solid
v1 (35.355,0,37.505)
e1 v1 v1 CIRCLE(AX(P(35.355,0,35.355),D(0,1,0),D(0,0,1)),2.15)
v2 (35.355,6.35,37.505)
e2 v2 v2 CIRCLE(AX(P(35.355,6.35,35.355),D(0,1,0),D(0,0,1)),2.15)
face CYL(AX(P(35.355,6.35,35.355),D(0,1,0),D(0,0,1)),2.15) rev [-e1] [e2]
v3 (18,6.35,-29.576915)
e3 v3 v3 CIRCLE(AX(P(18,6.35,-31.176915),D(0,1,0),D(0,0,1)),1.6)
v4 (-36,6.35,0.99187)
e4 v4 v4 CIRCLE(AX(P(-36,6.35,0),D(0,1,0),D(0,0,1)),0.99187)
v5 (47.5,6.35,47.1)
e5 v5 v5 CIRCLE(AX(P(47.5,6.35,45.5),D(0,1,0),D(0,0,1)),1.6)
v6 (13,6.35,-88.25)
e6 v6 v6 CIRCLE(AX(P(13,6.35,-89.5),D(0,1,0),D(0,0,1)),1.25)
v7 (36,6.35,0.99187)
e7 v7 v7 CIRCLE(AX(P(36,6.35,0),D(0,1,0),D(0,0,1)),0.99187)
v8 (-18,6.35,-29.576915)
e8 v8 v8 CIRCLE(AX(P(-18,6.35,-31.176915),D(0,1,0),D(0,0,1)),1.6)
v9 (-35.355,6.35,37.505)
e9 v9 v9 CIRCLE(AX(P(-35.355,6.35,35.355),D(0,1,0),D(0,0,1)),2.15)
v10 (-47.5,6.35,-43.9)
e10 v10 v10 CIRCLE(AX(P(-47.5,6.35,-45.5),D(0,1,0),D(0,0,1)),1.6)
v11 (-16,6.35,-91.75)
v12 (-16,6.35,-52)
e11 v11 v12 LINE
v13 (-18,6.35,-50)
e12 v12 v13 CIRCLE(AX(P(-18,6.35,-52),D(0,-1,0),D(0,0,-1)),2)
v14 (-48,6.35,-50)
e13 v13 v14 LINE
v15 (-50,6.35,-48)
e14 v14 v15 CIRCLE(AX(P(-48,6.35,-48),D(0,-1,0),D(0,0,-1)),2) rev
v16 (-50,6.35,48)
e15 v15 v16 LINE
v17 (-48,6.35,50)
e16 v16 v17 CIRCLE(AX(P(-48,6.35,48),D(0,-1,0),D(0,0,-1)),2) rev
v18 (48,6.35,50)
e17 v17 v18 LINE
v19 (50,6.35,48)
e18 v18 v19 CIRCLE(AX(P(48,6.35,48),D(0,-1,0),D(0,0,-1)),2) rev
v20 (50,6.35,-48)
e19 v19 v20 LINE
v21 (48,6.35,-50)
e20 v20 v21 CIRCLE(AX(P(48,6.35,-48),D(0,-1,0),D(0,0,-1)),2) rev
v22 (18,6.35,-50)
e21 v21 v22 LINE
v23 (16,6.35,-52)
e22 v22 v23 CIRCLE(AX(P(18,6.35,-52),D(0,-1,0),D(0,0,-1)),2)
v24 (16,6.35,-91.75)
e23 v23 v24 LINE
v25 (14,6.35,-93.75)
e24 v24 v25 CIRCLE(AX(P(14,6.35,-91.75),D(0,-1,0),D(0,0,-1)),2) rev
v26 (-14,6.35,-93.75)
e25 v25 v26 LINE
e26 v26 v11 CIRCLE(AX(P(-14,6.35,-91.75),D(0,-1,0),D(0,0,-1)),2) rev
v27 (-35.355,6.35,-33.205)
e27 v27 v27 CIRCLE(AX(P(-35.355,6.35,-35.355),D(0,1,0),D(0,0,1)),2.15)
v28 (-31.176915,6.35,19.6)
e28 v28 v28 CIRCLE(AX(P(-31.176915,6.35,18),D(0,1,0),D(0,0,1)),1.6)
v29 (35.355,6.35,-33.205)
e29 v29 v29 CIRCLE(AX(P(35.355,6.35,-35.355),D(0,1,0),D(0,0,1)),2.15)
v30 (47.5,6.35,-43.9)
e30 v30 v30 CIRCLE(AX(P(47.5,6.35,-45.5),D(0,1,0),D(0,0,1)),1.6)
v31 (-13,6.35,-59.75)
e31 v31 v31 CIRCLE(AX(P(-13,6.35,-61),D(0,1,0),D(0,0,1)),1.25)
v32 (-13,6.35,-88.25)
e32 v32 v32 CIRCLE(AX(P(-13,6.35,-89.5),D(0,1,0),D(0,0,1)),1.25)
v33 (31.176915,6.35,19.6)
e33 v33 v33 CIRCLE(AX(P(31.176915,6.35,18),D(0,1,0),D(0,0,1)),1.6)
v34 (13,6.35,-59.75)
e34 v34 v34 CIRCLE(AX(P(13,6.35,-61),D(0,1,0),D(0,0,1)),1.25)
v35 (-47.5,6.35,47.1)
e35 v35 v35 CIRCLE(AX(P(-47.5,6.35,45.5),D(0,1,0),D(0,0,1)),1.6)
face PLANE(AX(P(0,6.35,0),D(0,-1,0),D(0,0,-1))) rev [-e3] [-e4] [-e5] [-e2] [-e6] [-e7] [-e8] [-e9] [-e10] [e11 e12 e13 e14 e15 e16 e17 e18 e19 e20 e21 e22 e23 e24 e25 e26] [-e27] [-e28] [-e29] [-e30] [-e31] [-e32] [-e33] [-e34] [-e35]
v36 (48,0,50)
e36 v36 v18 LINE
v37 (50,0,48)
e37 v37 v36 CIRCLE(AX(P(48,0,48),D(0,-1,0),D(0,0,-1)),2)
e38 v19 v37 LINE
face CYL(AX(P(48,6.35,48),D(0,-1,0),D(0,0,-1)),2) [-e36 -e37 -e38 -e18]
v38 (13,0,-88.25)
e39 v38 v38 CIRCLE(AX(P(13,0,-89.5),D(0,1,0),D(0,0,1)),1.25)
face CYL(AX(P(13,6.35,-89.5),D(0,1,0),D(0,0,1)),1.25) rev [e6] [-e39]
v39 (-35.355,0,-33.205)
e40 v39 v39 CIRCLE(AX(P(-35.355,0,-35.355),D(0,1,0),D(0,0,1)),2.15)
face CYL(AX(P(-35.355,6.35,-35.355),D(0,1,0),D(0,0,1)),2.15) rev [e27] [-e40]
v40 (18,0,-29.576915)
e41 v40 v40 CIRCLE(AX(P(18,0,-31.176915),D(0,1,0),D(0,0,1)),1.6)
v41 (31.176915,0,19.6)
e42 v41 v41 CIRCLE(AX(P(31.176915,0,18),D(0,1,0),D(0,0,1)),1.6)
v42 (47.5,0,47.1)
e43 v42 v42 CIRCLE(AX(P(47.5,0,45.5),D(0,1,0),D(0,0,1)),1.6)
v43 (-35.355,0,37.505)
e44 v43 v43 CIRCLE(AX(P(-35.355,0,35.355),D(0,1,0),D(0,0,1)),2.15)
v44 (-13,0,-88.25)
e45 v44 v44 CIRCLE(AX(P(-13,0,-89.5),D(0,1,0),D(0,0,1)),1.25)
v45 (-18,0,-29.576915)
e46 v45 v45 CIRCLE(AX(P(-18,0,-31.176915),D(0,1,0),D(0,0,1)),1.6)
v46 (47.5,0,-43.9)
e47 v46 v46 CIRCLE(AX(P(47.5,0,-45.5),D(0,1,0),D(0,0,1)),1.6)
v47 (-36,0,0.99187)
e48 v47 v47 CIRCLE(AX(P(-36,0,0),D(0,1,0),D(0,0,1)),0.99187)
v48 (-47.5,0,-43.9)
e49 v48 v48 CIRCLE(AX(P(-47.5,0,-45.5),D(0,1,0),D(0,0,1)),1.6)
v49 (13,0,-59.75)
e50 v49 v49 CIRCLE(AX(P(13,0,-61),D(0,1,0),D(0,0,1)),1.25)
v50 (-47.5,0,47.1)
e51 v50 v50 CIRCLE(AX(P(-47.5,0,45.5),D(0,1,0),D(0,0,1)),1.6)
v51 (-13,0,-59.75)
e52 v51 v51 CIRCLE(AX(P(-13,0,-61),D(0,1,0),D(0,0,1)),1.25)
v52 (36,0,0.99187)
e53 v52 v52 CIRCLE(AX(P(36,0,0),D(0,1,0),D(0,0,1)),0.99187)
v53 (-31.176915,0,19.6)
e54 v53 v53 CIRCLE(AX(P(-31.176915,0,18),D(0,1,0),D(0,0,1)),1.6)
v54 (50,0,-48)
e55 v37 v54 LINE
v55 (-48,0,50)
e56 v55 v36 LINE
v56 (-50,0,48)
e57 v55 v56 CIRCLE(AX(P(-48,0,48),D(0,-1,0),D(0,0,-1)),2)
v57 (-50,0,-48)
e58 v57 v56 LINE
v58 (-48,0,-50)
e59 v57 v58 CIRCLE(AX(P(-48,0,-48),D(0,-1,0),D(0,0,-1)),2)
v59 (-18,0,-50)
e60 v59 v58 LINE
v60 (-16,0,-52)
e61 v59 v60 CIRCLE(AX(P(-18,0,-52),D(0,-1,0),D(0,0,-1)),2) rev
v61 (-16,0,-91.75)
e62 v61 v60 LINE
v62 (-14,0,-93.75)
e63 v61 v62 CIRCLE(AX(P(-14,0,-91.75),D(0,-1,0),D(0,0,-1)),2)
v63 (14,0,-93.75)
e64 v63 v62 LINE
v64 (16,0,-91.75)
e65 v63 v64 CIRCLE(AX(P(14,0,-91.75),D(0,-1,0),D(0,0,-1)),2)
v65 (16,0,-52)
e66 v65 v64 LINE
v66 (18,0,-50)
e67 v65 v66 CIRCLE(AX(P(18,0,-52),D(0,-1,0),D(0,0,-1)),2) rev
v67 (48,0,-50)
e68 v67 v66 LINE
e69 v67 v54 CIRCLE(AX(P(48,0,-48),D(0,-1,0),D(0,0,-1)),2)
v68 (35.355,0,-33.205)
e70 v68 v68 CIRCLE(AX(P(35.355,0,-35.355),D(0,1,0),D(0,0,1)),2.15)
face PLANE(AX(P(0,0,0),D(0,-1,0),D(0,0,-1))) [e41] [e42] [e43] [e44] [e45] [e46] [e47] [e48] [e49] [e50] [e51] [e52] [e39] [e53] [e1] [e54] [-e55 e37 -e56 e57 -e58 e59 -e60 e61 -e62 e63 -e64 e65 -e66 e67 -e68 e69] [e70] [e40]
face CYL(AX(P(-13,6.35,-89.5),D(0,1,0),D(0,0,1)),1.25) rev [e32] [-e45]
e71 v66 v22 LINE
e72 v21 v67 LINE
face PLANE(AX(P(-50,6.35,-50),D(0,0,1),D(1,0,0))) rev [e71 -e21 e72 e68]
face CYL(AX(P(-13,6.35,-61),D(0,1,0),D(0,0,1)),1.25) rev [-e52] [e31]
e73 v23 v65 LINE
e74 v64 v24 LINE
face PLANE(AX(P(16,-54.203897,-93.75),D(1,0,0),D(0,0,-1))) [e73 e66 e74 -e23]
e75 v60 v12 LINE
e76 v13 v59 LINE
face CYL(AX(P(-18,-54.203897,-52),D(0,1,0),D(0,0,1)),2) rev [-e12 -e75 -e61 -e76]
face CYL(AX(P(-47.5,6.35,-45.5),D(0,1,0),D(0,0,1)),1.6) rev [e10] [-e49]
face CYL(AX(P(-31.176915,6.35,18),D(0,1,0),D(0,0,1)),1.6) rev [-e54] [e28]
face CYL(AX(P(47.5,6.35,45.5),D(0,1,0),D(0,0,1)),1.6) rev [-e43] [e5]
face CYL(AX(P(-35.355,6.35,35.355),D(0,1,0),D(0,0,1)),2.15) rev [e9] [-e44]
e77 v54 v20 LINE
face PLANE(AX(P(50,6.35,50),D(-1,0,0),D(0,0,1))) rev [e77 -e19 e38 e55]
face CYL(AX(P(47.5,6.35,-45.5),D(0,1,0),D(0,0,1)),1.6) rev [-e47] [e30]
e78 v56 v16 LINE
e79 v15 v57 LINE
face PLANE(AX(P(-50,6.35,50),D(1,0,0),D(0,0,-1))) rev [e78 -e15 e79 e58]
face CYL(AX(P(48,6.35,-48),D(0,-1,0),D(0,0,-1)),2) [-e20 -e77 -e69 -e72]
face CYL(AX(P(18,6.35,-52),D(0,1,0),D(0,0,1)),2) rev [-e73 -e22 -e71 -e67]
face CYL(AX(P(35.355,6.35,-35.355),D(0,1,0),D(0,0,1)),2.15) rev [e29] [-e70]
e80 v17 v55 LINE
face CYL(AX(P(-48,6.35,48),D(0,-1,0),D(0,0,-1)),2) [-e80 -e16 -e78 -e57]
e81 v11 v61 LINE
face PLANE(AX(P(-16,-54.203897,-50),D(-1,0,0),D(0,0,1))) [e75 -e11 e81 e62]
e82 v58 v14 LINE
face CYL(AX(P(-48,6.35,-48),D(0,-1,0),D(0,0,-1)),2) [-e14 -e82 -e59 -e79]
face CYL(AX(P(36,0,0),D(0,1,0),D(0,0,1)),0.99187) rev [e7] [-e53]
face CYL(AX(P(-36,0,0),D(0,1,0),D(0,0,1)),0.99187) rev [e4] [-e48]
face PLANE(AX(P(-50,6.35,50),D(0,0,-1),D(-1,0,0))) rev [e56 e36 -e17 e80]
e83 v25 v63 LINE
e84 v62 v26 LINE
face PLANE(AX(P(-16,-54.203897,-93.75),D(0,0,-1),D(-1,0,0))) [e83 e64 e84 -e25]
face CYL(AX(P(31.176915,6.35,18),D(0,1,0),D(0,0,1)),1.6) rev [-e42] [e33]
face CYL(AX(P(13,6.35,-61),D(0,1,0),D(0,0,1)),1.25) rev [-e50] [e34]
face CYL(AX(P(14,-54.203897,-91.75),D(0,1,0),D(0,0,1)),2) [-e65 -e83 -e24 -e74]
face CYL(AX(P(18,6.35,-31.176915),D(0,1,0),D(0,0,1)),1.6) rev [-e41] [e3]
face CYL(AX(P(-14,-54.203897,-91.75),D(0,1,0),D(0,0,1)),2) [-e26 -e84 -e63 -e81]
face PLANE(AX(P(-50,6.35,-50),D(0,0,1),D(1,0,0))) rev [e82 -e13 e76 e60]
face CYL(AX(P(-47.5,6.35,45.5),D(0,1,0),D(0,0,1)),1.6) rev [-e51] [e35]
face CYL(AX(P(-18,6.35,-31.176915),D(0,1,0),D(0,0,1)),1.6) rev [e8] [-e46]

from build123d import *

# Parameters (mm, degrees)
SKETCH1_W             = 100
SKETCH1_H             = 100
BOSS_EXTRUDE1_DEPTH   = 6.35
SKETCH10_W            = 32
SKETCH10_H            = 43.75
BOSS_EXTRUDE2_DEPTH   = 6.35
SKETCH3_R             = 0.99187
CUT_EXTRUDE1_DEPTH    = 107.439583802
M3_CLEARANCE_HOLE1_D  = 3.2
M4_CLEARANCE_HOLE1_D  = 4.3
M3X0_5_TAPPED_HOLE1_D = 2.5
FILLET1_R             = 2


with BuildPart() as part:
    # Sketch1 → Boss-Extrude1 (new body)
    with BuildSketch(Plane(origin=(0, 0, 0), x_dir=(1, 0, 0), z_dir=(0, 1, 0))):
        Rectangle(SKETCH1_W, SKETCH1_H)
    extrude(amount=BOSS_EXTRUDE1_DEPTH)

    # Sketch10 → Boss-Extrude2 (add)
    with BuildSketch(Plane(origin=(0, 6.35, 0), x_dir=(1, 0, 0), z_dir=(0, 1, 0))):
        with Locations((0, 71.875)):
            Rectangle(SKETCH10_W, SKETCH10_H)
    extrude(amount=-BOSS_EXTRUDE2_DEPTH)

    # Sketch3 → Cut-Extrude1 (cut, through all)
    with BuildSketch(Plane(origin=(0, 6.35, 0), x_dir=(1, 0, 0), z_dir=(0, 1, 0))):
        with Locations(Location((-36, 0, 0), (0, 0, 270))):
            Circle(SKETCH3_R)
        with Locations(Location((36, 0, 0), (0, 0, 270))):
            Circle(SKETCH3_R)
    extrude(amount=-CUT_EXTRUDE1_DEPTH, mode=Mode.SUBTRACT)

    # M3 Clearance Hole1 (through all)
    with Locations(Plane(origin=(0, 6.35, 0), x_dir=(1, 0, 0), z_dir=(0, 1, 0))):
        with Locations((-47.5, 45.5), (47.5, 45.5), (47.5, -45.5), (-47.5, -45.5), (-31.176914536, -18), (31.176914536, -18), (18, 31.176914536), (-18, 31.176914536)):
            Hole(M3_CLEARANCE_HOLE1_D / 2)

    # M4 Clearance Hole1 (through all)
    with Locations(Plane(origin=(0, 6.35, 0), x_dir=(1, 0, 0), z_dir=(0, 1, 0))):
        with Locations((-35.355, -35.355), (-35.355, 35.355), (35.355, 35.355), (35.355, -35.355)):
            Hole(M4_CLEARANCE_HOLE1_D / 2)

    # M3x0.5 Tapped Hole1 (through all)
    with Locations(Plane(origin=(0, 6.35, 0), x_dir=(1, 0, 0), z_dir=(0, 1, 0))):
        with Locations((-13, 89.5), (13, 89.5), (13, 61), (-13, 61)):
            Hole(M3X0_5_TAPPED_HOLE1_D / 2)

    # Fillet1
    fillet1_edges = [part.edges().sort_by_distance(p)[0] for p in [
        (16, 3.175, -93.75),
        (-16, 3.175, -93.75),
        (-16, 3.175, -50),
        (16, 3.175, -50),
        (50, 3.175, 50),
        (-50, 3.175, 50),
        (-50, 3.175, -50),
        (50, 3.175, -50),
    ]]
    fillet(fillet1_edges, radius=FILLET1_R)


solid = part.part
